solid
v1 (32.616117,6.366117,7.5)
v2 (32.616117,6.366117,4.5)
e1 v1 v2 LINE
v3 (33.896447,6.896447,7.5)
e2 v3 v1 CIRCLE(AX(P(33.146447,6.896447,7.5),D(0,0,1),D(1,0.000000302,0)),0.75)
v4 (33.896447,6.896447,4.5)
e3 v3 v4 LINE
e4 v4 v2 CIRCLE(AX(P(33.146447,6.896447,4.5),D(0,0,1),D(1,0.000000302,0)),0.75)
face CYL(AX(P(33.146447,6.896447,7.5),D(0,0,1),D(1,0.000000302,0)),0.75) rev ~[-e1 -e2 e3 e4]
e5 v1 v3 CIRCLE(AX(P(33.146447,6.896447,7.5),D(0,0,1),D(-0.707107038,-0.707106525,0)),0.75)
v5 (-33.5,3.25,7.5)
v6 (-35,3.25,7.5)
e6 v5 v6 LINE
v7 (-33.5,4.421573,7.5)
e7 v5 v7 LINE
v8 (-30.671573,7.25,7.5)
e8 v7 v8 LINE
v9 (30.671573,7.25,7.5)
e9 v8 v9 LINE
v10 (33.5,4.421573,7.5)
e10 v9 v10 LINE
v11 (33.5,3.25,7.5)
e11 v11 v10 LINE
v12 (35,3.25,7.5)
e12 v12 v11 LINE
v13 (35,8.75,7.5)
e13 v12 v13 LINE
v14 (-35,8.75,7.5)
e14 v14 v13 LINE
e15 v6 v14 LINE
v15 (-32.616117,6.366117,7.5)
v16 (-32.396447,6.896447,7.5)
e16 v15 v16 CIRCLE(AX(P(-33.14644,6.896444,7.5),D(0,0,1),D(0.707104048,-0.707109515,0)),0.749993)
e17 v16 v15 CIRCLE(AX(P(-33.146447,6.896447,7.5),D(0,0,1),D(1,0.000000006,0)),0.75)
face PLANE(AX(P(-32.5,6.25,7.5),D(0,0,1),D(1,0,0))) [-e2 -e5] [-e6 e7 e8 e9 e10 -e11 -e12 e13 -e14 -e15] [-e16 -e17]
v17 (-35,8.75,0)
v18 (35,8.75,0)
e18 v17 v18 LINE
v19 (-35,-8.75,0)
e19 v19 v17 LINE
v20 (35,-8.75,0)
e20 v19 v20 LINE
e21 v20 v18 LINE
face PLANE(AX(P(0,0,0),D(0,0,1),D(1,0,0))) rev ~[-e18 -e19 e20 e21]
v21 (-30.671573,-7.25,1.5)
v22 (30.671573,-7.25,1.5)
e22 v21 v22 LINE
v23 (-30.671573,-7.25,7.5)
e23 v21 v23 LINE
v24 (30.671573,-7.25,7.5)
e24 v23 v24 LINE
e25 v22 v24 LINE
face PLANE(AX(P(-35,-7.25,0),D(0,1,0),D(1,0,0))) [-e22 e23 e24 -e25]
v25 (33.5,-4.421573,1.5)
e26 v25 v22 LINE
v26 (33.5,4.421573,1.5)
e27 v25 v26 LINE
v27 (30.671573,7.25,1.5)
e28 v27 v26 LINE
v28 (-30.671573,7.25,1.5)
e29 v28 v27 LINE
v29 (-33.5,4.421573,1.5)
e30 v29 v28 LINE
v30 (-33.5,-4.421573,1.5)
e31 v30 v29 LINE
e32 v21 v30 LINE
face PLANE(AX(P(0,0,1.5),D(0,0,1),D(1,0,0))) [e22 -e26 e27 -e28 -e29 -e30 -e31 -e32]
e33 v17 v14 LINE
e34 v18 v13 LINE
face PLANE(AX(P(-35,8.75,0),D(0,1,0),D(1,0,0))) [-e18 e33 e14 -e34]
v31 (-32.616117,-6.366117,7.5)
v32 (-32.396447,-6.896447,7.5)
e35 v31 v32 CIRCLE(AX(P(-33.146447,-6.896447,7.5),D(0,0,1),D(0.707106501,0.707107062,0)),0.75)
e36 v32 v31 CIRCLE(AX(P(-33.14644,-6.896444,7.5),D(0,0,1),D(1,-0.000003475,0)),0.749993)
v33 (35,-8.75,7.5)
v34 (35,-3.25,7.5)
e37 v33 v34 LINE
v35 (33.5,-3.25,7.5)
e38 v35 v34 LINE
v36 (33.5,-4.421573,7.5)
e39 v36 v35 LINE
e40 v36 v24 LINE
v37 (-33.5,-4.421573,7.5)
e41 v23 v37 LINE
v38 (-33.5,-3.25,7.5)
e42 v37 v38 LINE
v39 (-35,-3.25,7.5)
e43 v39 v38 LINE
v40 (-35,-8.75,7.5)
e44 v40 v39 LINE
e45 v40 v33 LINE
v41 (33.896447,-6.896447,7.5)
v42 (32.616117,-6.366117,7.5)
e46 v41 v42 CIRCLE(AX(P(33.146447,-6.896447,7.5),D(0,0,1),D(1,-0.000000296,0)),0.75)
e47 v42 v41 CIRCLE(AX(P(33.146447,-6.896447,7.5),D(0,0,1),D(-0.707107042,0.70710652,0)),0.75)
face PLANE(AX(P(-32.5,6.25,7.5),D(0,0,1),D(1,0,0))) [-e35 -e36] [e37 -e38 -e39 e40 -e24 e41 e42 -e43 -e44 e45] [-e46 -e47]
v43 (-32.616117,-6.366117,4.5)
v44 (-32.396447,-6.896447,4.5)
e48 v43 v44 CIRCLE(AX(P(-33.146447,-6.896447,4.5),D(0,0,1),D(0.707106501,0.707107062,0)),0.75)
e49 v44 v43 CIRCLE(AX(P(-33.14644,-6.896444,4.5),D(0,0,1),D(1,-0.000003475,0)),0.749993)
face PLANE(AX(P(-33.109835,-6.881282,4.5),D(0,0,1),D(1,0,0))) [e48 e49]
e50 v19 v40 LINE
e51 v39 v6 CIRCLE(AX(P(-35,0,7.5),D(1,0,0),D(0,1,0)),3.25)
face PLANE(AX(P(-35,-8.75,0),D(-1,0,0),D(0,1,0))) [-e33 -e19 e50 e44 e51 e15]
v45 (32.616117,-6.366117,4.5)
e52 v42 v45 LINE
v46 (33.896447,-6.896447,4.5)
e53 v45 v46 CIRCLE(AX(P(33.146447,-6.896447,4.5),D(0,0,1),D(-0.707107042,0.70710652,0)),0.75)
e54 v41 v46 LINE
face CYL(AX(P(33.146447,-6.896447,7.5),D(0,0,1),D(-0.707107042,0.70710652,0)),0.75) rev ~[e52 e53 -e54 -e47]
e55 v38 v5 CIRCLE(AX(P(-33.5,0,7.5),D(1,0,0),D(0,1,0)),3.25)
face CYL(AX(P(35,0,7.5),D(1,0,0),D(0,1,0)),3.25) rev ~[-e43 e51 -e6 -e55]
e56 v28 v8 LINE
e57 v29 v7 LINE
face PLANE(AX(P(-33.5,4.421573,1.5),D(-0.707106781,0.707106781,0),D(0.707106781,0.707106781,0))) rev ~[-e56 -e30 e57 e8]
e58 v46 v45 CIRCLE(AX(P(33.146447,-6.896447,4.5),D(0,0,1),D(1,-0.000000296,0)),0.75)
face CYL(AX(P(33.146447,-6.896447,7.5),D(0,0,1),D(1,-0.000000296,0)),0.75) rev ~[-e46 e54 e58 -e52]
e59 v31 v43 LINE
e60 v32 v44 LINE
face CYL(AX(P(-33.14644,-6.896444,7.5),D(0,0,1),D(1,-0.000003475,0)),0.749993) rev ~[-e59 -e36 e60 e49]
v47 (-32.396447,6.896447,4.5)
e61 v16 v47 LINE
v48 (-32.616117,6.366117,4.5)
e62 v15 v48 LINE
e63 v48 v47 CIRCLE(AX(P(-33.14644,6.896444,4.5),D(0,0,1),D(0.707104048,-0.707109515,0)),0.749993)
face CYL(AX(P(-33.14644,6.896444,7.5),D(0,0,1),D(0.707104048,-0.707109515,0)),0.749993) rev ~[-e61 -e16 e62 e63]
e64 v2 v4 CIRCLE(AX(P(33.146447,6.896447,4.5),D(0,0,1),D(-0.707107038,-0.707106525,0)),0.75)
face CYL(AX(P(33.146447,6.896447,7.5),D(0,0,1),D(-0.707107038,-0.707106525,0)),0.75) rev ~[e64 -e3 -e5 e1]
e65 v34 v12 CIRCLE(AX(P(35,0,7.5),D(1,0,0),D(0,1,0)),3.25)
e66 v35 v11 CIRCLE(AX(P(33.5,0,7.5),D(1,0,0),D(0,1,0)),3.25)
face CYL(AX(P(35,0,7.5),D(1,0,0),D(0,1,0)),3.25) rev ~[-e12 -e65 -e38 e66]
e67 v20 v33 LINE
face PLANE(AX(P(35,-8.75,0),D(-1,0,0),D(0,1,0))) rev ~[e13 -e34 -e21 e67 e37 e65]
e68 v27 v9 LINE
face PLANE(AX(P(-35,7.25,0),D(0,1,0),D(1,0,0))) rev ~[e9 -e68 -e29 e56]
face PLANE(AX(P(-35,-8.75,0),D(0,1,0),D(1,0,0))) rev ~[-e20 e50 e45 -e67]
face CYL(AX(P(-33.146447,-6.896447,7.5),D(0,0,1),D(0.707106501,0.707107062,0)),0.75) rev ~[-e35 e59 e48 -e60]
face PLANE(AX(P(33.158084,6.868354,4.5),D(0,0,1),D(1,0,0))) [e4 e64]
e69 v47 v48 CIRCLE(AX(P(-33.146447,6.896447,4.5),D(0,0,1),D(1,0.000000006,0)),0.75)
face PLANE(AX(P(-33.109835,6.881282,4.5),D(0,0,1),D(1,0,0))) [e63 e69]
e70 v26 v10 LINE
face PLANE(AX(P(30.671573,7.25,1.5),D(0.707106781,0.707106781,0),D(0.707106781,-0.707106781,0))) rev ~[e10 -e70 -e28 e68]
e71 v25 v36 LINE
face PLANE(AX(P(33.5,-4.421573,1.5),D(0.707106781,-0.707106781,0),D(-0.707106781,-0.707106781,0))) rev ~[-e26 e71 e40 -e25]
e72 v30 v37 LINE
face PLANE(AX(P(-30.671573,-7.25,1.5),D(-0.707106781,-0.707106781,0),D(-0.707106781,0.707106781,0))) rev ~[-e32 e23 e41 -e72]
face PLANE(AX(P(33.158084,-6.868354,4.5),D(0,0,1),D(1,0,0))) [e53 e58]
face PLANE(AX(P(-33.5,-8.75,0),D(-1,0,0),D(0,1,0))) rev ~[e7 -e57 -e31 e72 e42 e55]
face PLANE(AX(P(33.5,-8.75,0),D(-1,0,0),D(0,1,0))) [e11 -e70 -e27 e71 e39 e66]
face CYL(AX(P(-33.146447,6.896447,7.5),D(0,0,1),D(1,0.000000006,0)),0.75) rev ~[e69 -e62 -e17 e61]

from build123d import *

# Parameters (mm, degrees)
F0_W     = 70
F0_H     = 17.5
F1_DEPTH = 7.5
F2_T     = -1.5
F4_DEPTH = 6
F6_DEPTH = 3
F7_R     = 3.25
F8_DEPTH = 70.001


with BuildPart() as f1:
    # F0 (on Top) → F1 (new body)
    with BuildSketch(Plane.XY):
        Rectangle(F0_W, F0_H)
    extrude(amount=F1_DEPTH)

    # F2
    f2_openings = [f1.faces().sort_by_distance(p)[0] for p in [
        (0, 0, 7.5),
    ]]
    offset(amount=F2_T, openings=f2_openings)

    # F3 (on face) → F4 (join, through all)
    with BuildSketch(Plane.XY.offset(1.5)):
        Polygon((-33.5, 7.25), (-33.5, 4.421573), (-30.671573, 7.25), align=None)
        Polygon((30.671573, 7.25), (33.5, 4.421573), (33.5, 7.25), align=None)
        Polygon((33.5, -7.25), (33.5, -4.421573), (30.671573, -7.25), align=None)
        Polygon((-33.5, -4.421573), (-33.5, -7.25), (-30.671573, -7.25), align=None)
    extrude(amount=F4_DEPTH)

    # F5 (on face) → F6 (cut)
    with BuildSketch(Plane.XY.offset(7.5)):
        with BuildLine():
            ThreePointArc((-32.616117, 6.366117), (-32.453537, 6.609434), (-32.396447, 6.896447))
            ThreePointArc((-32.396447, 6.896447), (-33.839356, 7.183459), (-32.616117, 6.366117))
        make_face()
        with BuildLine():
            ThreePointArc((-32.616117, -6.366117), (-33.839356, -7.183459), (-32.396447, -6.896447))
            ThreePointArc((-32.396447, -6.896447), (-32.453537, -6.609434), (-32.616117, -6.366117))
        make_face()
        with BuildLine():
            ThreePointArc((32.616117, 6.366117), (33.433459, 6.203537), (33.896447, 6.896447))
            ThreePointArc((33.896447, 6.896447), (32.859434, 7.589356), (32.616117, 6.366117))
        make_face()
        with BuildLine():
            ThreePointArc((32.616117, -6.366117), (32.859434, -7.589356), (33.896447, -6.896447))
            ThreePointArc((33.896447, -6.896447), (33.433459, -6.203537), (32.616117, -6.366117))
        make_face()
    extrude(amount=-F6_DEPTH, mode=Mode.SUBTRACT)

    # F7 (on face) → F8 (cut, through all)
    with BuildSketch(Plane.YZ.offset(35)):
        with Locations((0, 7.5)):
            Circle(F7_R)
    extrude(amount=-F8_DEPTH, mode=Mode.SUBTRACT)


solid = f1.part
